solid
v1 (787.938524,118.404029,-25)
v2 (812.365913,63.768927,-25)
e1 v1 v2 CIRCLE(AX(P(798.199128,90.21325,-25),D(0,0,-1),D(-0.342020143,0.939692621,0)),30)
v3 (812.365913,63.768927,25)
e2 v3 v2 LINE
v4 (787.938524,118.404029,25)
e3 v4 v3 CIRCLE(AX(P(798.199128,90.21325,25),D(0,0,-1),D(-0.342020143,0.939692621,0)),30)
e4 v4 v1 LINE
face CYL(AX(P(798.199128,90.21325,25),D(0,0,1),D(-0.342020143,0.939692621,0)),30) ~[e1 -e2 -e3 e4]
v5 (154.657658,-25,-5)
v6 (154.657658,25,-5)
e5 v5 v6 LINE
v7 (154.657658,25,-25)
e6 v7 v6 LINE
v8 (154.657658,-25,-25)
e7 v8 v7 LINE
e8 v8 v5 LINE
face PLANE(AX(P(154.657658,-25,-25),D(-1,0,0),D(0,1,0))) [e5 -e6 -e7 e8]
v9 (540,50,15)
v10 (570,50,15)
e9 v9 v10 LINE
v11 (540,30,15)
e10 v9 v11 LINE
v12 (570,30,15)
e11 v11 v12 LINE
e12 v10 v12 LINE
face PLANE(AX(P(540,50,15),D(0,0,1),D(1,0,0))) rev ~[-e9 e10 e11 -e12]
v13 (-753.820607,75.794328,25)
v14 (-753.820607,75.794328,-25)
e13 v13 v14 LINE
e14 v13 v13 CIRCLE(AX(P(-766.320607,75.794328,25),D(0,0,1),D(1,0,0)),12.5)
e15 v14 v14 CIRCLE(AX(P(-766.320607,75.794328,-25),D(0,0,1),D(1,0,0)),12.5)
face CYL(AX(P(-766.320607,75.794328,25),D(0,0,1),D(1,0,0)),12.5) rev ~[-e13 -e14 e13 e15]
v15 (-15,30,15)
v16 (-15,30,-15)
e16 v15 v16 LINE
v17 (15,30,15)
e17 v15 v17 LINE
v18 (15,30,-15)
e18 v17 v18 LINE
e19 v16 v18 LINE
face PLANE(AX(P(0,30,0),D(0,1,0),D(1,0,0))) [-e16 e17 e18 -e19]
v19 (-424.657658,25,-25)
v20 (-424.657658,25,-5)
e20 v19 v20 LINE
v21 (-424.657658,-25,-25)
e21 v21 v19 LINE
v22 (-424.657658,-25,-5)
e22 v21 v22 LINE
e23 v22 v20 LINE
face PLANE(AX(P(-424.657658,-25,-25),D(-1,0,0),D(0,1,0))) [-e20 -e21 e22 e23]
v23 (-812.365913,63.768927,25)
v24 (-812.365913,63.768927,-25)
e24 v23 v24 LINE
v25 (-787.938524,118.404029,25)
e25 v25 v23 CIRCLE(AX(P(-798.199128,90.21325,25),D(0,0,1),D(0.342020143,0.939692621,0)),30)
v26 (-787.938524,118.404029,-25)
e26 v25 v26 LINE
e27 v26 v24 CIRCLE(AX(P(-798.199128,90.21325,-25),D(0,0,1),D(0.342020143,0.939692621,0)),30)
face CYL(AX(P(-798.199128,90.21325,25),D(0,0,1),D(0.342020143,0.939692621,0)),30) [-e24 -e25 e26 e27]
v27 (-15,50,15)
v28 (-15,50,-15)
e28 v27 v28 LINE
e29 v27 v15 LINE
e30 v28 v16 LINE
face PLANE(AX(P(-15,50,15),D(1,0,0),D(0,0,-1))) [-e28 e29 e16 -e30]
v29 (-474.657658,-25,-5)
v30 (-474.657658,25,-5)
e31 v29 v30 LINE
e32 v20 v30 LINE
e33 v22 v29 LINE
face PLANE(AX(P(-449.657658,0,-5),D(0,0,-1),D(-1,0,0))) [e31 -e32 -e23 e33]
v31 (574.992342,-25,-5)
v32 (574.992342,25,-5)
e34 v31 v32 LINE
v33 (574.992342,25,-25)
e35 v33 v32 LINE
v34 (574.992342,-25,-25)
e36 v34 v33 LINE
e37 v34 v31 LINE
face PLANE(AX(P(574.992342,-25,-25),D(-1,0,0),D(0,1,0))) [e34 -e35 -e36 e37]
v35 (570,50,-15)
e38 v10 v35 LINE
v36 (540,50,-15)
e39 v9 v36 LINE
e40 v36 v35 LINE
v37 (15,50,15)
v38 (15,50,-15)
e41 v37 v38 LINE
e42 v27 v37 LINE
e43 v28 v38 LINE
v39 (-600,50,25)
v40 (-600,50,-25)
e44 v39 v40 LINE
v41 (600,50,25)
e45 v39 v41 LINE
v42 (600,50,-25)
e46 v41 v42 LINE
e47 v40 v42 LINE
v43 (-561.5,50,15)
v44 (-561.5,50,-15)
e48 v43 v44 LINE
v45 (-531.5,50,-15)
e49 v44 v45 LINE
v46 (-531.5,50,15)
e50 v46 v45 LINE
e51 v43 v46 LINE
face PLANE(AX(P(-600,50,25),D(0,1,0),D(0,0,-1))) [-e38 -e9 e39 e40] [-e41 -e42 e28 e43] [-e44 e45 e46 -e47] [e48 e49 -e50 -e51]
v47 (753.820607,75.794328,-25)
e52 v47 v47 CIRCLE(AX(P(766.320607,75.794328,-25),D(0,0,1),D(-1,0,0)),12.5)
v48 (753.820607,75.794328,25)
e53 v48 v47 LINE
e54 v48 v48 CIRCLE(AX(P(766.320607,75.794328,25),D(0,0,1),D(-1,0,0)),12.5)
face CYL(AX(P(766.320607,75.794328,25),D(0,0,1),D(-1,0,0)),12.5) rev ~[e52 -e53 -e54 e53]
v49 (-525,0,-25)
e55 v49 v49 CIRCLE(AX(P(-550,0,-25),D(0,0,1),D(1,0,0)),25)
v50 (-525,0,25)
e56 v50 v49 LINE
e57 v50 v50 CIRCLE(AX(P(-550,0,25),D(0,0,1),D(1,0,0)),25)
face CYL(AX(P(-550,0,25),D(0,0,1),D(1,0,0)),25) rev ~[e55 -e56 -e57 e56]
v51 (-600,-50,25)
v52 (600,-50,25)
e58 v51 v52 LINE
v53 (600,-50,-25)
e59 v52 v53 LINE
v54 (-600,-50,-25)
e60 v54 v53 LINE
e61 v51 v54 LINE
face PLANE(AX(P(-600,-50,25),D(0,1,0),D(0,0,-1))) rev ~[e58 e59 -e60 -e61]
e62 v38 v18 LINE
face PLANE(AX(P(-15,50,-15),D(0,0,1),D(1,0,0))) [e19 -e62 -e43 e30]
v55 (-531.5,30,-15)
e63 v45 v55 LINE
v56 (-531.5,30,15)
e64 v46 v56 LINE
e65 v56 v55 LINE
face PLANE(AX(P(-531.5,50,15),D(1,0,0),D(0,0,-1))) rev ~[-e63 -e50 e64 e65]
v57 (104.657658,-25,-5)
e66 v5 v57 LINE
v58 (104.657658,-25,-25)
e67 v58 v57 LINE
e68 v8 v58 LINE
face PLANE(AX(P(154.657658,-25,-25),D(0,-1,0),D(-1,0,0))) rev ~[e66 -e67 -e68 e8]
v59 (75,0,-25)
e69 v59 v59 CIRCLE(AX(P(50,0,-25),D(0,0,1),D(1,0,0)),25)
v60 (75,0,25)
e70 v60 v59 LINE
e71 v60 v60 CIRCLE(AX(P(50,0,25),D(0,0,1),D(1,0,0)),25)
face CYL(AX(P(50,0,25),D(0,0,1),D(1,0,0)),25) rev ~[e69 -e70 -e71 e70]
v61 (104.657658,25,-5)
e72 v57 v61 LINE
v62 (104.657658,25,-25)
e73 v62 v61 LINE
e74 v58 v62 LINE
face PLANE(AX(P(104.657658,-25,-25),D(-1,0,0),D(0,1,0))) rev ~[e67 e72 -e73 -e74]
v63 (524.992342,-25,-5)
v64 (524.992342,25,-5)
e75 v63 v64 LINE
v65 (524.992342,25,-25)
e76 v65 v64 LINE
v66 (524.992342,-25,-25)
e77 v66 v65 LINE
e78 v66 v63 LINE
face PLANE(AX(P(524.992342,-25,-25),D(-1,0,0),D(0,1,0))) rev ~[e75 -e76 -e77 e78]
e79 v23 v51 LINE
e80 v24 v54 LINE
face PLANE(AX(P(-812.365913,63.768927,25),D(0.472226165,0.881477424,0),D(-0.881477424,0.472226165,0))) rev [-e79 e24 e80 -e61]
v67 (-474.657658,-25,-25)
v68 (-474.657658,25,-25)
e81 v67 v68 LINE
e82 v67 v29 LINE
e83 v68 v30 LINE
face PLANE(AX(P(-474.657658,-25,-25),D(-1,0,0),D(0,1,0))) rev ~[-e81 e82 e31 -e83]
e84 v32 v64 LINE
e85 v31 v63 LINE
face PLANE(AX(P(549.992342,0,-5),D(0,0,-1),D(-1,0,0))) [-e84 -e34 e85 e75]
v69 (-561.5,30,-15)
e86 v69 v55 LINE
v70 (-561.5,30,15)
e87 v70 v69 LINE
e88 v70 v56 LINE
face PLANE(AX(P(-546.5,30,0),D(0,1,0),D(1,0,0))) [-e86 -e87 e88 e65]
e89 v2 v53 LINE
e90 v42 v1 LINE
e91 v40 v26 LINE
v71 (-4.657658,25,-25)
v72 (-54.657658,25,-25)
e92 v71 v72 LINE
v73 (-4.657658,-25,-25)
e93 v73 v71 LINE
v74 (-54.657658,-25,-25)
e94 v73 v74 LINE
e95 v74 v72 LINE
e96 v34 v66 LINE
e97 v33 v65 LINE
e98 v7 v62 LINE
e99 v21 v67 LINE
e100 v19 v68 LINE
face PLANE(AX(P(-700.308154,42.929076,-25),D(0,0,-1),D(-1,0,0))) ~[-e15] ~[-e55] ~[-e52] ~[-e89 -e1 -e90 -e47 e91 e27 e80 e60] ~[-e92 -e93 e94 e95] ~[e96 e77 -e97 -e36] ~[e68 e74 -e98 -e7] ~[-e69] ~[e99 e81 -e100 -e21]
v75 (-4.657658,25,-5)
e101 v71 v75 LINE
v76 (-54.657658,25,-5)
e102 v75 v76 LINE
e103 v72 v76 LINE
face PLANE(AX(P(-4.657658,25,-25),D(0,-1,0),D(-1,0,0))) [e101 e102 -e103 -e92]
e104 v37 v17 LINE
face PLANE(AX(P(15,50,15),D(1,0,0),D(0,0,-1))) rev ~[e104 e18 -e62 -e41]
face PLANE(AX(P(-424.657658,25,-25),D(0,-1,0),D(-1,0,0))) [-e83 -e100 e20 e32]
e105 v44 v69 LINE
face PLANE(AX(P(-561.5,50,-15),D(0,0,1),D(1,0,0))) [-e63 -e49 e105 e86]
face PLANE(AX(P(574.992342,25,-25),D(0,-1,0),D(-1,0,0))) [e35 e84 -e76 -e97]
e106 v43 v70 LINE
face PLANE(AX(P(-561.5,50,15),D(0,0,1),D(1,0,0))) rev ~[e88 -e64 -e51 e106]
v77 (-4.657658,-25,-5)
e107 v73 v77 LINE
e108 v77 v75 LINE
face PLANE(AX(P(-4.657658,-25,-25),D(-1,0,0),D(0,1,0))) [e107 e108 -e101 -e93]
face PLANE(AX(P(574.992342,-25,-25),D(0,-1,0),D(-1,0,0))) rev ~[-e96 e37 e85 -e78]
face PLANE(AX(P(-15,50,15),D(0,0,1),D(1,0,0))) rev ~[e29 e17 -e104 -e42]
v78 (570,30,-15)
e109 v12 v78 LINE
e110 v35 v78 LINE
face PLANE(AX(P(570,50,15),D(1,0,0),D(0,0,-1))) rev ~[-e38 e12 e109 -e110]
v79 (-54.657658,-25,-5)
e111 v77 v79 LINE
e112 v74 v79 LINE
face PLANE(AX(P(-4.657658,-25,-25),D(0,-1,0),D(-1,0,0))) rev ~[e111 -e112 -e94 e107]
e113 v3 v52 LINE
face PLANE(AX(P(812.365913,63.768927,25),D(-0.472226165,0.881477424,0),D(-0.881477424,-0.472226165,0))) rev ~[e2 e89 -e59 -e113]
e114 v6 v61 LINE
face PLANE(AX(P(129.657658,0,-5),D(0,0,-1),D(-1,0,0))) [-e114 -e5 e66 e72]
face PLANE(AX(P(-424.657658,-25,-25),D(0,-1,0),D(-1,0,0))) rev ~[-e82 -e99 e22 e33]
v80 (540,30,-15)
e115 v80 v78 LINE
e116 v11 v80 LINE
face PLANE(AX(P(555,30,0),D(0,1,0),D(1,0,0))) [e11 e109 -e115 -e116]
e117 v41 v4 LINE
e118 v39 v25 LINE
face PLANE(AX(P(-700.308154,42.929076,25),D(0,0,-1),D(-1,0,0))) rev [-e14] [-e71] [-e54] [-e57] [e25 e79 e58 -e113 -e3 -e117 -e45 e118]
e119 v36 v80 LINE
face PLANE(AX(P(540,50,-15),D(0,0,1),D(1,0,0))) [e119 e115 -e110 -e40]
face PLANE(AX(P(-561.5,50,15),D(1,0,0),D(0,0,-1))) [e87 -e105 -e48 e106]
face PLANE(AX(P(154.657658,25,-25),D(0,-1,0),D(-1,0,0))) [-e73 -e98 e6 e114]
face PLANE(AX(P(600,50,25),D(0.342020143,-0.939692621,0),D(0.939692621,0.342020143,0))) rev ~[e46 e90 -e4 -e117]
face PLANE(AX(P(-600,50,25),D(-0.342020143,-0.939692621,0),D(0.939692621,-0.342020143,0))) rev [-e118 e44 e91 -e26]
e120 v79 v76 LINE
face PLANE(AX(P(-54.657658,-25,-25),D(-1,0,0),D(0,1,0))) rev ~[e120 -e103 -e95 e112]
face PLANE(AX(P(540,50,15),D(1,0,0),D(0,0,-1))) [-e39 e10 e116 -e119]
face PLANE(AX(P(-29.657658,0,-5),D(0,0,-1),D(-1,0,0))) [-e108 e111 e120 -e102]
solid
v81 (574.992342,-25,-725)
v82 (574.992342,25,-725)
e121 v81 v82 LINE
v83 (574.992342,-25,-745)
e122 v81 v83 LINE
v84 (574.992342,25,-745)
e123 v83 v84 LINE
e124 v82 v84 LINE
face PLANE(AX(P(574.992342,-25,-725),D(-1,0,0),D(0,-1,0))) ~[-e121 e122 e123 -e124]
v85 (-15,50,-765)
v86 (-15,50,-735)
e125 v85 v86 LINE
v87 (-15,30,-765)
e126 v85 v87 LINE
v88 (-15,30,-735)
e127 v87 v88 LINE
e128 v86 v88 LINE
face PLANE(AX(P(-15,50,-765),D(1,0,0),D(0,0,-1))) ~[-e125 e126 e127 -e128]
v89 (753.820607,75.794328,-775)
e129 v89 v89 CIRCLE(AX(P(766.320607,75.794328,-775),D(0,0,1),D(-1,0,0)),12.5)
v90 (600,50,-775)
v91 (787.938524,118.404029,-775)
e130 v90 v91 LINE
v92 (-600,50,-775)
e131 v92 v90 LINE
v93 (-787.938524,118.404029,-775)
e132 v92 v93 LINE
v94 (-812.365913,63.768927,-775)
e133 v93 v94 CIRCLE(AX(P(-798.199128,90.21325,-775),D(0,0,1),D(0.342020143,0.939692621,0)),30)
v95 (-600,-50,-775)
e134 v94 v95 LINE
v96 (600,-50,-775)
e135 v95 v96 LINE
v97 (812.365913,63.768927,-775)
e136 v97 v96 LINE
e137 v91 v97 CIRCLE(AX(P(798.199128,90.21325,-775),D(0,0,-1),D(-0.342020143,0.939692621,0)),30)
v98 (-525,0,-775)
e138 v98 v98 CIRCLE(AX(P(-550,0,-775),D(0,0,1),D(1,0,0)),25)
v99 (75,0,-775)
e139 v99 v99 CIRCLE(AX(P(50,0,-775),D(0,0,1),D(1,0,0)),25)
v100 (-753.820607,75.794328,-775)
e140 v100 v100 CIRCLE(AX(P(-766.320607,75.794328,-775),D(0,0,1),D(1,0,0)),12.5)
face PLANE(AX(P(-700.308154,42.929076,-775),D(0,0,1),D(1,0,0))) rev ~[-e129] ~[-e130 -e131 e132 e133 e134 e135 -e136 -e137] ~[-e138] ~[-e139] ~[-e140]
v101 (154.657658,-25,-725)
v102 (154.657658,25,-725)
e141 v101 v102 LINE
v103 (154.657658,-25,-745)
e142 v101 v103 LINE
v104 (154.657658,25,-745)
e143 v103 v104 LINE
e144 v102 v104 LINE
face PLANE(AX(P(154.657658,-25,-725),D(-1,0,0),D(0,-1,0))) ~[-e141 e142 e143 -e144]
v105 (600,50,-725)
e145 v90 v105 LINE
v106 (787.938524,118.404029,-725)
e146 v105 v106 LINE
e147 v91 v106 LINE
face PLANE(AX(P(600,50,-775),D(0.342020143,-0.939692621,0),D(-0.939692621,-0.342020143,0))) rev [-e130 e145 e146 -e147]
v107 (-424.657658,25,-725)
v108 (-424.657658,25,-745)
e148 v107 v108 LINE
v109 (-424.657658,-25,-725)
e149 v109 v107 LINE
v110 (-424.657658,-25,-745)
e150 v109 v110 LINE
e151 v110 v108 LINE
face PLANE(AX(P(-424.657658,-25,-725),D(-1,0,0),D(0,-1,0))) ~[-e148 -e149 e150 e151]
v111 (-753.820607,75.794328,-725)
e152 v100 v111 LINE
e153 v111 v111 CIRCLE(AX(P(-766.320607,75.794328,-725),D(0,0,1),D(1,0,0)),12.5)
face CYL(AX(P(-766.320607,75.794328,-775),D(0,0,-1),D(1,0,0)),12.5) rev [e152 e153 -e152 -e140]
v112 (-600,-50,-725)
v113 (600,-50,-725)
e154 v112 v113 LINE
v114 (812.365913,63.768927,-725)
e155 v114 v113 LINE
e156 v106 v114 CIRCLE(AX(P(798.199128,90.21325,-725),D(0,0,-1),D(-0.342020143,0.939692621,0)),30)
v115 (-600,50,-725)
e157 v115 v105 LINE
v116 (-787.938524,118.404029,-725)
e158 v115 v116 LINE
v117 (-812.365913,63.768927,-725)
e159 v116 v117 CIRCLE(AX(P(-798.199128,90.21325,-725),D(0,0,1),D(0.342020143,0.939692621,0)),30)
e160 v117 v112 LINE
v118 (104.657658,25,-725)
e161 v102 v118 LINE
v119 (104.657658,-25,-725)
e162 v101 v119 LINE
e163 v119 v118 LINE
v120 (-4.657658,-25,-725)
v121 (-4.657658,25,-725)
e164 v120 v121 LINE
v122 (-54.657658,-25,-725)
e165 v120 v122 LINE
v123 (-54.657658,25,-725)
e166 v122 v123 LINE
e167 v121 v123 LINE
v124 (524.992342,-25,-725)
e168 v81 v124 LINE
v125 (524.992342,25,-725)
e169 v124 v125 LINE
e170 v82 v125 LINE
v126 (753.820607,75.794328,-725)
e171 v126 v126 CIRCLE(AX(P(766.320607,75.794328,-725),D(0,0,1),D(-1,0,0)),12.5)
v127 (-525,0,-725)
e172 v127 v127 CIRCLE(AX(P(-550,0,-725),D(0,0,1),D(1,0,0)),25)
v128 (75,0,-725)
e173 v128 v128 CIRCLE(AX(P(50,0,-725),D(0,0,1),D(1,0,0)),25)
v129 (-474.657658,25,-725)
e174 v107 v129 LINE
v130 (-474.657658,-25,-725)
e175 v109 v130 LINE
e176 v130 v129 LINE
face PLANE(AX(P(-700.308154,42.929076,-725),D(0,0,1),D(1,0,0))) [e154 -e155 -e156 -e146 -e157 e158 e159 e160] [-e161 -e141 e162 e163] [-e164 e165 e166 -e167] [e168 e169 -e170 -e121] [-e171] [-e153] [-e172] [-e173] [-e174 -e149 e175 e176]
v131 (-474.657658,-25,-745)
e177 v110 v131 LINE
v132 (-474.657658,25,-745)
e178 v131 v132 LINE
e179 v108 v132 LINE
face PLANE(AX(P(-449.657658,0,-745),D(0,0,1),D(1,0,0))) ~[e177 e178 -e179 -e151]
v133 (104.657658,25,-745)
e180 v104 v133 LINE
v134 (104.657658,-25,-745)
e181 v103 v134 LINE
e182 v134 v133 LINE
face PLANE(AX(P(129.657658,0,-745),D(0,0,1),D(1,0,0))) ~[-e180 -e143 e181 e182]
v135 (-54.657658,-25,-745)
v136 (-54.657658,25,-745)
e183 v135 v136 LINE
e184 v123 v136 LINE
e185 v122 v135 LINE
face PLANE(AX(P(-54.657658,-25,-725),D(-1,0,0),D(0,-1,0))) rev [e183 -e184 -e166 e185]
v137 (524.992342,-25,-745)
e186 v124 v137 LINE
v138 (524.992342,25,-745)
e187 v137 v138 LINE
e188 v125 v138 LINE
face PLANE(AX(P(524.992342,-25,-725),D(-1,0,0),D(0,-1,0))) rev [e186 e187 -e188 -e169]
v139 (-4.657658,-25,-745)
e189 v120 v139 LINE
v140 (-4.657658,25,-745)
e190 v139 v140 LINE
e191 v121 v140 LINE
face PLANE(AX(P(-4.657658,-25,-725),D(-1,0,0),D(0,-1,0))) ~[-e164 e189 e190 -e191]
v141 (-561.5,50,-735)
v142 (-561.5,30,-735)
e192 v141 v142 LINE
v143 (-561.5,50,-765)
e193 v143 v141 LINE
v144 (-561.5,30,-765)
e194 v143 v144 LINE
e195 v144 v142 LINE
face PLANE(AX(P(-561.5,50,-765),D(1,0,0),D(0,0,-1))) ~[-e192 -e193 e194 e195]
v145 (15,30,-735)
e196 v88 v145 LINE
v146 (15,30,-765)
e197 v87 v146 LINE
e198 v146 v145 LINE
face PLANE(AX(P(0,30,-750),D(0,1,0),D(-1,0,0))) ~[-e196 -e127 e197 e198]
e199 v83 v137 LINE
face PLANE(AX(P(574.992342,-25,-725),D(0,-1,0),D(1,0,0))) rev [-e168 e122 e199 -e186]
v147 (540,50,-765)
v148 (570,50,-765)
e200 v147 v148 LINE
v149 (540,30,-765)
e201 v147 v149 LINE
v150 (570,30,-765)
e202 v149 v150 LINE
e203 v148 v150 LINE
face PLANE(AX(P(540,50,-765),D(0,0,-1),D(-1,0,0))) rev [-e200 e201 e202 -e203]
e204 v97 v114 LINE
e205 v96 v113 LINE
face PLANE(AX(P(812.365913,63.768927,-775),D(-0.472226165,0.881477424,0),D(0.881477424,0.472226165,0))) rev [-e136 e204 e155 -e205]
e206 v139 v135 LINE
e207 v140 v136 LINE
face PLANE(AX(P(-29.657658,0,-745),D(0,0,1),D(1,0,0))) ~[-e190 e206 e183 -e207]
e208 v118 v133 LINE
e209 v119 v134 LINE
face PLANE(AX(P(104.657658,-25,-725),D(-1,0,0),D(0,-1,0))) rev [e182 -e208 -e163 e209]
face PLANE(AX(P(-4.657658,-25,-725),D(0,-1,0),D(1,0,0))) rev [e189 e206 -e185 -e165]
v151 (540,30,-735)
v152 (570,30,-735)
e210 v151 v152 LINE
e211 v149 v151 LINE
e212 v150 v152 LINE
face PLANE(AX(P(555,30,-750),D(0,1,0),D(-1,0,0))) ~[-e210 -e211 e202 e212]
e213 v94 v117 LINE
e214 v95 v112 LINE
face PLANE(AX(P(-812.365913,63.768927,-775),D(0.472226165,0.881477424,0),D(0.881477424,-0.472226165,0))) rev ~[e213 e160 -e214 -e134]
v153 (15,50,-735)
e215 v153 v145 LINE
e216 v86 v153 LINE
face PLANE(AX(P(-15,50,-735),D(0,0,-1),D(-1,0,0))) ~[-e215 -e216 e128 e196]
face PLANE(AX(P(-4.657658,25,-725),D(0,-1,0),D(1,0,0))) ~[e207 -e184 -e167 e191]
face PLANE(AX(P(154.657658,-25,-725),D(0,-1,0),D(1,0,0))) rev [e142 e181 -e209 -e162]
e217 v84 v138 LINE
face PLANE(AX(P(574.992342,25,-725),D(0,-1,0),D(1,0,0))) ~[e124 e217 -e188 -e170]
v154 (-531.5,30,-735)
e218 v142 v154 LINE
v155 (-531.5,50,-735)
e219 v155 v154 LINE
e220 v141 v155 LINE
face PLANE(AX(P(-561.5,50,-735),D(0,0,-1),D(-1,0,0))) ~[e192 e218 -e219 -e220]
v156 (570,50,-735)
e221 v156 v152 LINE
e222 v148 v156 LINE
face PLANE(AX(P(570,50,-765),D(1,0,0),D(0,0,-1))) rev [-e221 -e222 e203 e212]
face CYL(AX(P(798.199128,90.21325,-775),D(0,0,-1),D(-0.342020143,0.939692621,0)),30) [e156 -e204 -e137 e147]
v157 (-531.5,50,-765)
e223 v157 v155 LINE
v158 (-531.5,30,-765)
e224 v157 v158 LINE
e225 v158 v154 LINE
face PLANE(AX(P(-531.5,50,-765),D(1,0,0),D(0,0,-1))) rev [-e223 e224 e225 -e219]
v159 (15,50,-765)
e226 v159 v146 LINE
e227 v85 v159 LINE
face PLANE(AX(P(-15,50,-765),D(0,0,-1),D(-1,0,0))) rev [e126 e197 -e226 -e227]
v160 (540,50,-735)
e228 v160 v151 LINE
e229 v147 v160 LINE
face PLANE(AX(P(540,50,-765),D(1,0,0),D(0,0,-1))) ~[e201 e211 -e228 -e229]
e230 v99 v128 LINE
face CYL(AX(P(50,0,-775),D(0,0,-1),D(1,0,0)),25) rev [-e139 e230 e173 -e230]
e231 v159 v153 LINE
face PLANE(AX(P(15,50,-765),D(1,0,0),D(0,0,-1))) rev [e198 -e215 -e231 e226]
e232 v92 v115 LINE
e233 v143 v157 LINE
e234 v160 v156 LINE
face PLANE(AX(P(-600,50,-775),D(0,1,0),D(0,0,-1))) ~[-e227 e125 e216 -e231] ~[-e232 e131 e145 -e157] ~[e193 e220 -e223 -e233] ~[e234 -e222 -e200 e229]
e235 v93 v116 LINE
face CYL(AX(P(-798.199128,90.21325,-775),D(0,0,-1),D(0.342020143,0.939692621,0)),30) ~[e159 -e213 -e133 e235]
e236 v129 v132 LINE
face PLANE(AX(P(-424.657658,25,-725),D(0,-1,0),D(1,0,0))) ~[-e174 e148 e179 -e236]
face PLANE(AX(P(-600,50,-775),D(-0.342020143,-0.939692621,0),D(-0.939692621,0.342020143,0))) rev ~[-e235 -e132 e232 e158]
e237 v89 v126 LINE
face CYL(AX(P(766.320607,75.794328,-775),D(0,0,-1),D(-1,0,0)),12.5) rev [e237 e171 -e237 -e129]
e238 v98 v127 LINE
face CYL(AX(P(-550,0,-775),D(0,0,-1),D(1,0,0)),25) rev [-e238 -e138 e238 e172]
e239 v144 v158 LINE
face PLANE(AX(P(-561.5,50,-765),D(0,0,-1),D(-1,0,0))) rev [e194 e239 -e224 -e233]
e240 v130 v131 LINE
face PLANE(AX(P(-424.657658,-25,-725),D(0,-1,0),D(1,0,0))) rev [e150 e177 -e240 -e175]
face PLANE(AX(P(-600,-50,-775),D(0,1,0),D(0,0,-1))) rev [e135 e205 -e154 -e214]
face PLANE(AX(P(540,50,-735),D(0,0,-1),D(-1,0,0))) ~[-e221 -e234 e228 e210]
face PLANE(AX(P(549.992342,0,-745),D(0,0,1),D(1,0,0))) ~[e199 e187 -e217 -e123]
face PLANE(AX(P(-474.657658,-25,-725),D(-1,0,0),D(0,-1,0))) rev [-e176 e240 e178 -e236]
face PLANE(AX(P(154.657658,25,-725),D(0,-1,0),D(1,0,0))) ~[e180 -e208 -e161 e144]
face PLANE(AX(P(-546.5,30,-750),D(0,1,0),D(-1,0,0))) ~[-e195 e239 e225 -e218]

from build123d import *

# Parameters (mm, degrees)
BOSS_EXTRUDE3_DEPTH      = 600
BOSS_EXTRUDE3_DEPTH_BACK = 600
SKETCH1_W                = 50
SKETCH1_H                = 100
BOSS_EXTRUDE4_DEPTH      = 50
SKETCH4_R                = 25
SKETCH4_R_2              = 12.5
CUT_EXTRUDE1_DEPTH       = 839.37045622
SKETCH5_W                = 50
SKETCH5_H                = 50
CUT_EXTRUDE2_DEPTH       = 20
SKETCH7_W                = 30
SKETCH7_H                = 30
CUT_EXTRUDE3_DEPTH       = 20


with BuildPart() as part:
    # Sketch1 → Boss-Extrude3 (new, two sides: drawn at the far end of the back side and taken through both)
    with BuildSketch(Plane(origin=(0, 0, 0), x_dir=(0, 0, -1), z_dir=(1, 0, 0)).offset(-BOSS_EXTRUDE3_DEPTH_BACK)):
        Rectangle(SKETCH1_W, SKETCH1_H)
    extrude(amount=BOSS_EXTRUDE3_DEPTH + BOSS_EXTRUDE3_DEPTH_BACK)

    # Sketch3 → Boss-Extrude4 (add)
    with BuildSketch(Plane.XY.offset(25)):
        with BuildLine():
            Line((600, 50), (787.938524157, 118.404028665))
            ThreePointArc((787.938524157, 118.404028665), (825.586409015, 102.458120952), (812.365913421, 63.768927328))
            Line((812.365913421, 63.768927328), (600, -50))
            Line((600, -50), (600, 50))
        make_face()
    boss_extrude4 = extrude(amount=-BOSS_EXTRUDE4_DEPTH)

    # Mirror1: Boss-Extrude4 across plane
    add(boss_extrude4.mirror(Plane(origin=(0, 0, 0), x_dir=(0, 0, 1), z_dir=(1, 0, 0))))

    # Sketch4 → Cut-Extrude1 (cut, through all)
    with BuildSketch(Plane.XY.offset(25)):
        with Locations((-550, 0)):
            Circle(SKETCH4_R)
        with Locations((50, 0)):
            Circle(SKETCH4_R)
        with Locations((766.320606962, 75.79432784)):
            Circle(SKETCH4_R_2)
        with Locations((-766.320606962, 75.79432784)):
            Circle(SKETCH4_R_2)
    extrude(amount=-CUT_EXTRUDE1_DEPTH, mode=Mode.SUBTRACT)

    # Sketch5 → Cut-Extrude2 (cut)
    with BuildSketch(Plane(origin=(0, 0, -25), x_dir=(-1, 0, 0), z_dir=(0, 0, -1))):
        with Locations((449.657658347, 0)):
            Rectangle(SKETCH5_W, SKETCH5_H)
        with Locations((29.657658347, 0)):
            Rectangle(SKETCH5_W, SKETCH5_H)
        with Locations((-549.992341653, 0)):
            Rectangle(SKETCH5_W, SKETCH5_H)
        with Locations((-129.657658347, 0)):
            Rectangle(SKETCH5_W, SKETCH5_H)
    extrude(amount=-CUT_EXTRUDE2_DEPTH, mode=Mode.SUBTRACT)

    # Sketch7 → Cut-Extrude3 (cut)
    with BuildSketch(Plane(origin=(0, 50, 0), x_dir=(1, 0, 0), z_dir=(0, 1, 0))):
        with Locations((-546.5, 0)):
            Rectangle(SKETCH7_W, SKETCH7_H)
        Rectangle(SKETCH7_W, SKETCH7_H)
        with Locations((555, 0)):
            Rectangle(SKETCH7_W, SKETCH7_H)
    extrude(amount=-CUT_EXTRUDE3_DEPTH, mode=Mode.SUBTRACT)


with BuildPart() as body_2:
    # Mirror4: mirrored copy
    add(part.part.mirror(Plane(origin=(0, 0, -375), x_dir=(1, 0, 0), z_dir=(0, 0, -1))))


solid = Compound([part.part, body_2.part])
